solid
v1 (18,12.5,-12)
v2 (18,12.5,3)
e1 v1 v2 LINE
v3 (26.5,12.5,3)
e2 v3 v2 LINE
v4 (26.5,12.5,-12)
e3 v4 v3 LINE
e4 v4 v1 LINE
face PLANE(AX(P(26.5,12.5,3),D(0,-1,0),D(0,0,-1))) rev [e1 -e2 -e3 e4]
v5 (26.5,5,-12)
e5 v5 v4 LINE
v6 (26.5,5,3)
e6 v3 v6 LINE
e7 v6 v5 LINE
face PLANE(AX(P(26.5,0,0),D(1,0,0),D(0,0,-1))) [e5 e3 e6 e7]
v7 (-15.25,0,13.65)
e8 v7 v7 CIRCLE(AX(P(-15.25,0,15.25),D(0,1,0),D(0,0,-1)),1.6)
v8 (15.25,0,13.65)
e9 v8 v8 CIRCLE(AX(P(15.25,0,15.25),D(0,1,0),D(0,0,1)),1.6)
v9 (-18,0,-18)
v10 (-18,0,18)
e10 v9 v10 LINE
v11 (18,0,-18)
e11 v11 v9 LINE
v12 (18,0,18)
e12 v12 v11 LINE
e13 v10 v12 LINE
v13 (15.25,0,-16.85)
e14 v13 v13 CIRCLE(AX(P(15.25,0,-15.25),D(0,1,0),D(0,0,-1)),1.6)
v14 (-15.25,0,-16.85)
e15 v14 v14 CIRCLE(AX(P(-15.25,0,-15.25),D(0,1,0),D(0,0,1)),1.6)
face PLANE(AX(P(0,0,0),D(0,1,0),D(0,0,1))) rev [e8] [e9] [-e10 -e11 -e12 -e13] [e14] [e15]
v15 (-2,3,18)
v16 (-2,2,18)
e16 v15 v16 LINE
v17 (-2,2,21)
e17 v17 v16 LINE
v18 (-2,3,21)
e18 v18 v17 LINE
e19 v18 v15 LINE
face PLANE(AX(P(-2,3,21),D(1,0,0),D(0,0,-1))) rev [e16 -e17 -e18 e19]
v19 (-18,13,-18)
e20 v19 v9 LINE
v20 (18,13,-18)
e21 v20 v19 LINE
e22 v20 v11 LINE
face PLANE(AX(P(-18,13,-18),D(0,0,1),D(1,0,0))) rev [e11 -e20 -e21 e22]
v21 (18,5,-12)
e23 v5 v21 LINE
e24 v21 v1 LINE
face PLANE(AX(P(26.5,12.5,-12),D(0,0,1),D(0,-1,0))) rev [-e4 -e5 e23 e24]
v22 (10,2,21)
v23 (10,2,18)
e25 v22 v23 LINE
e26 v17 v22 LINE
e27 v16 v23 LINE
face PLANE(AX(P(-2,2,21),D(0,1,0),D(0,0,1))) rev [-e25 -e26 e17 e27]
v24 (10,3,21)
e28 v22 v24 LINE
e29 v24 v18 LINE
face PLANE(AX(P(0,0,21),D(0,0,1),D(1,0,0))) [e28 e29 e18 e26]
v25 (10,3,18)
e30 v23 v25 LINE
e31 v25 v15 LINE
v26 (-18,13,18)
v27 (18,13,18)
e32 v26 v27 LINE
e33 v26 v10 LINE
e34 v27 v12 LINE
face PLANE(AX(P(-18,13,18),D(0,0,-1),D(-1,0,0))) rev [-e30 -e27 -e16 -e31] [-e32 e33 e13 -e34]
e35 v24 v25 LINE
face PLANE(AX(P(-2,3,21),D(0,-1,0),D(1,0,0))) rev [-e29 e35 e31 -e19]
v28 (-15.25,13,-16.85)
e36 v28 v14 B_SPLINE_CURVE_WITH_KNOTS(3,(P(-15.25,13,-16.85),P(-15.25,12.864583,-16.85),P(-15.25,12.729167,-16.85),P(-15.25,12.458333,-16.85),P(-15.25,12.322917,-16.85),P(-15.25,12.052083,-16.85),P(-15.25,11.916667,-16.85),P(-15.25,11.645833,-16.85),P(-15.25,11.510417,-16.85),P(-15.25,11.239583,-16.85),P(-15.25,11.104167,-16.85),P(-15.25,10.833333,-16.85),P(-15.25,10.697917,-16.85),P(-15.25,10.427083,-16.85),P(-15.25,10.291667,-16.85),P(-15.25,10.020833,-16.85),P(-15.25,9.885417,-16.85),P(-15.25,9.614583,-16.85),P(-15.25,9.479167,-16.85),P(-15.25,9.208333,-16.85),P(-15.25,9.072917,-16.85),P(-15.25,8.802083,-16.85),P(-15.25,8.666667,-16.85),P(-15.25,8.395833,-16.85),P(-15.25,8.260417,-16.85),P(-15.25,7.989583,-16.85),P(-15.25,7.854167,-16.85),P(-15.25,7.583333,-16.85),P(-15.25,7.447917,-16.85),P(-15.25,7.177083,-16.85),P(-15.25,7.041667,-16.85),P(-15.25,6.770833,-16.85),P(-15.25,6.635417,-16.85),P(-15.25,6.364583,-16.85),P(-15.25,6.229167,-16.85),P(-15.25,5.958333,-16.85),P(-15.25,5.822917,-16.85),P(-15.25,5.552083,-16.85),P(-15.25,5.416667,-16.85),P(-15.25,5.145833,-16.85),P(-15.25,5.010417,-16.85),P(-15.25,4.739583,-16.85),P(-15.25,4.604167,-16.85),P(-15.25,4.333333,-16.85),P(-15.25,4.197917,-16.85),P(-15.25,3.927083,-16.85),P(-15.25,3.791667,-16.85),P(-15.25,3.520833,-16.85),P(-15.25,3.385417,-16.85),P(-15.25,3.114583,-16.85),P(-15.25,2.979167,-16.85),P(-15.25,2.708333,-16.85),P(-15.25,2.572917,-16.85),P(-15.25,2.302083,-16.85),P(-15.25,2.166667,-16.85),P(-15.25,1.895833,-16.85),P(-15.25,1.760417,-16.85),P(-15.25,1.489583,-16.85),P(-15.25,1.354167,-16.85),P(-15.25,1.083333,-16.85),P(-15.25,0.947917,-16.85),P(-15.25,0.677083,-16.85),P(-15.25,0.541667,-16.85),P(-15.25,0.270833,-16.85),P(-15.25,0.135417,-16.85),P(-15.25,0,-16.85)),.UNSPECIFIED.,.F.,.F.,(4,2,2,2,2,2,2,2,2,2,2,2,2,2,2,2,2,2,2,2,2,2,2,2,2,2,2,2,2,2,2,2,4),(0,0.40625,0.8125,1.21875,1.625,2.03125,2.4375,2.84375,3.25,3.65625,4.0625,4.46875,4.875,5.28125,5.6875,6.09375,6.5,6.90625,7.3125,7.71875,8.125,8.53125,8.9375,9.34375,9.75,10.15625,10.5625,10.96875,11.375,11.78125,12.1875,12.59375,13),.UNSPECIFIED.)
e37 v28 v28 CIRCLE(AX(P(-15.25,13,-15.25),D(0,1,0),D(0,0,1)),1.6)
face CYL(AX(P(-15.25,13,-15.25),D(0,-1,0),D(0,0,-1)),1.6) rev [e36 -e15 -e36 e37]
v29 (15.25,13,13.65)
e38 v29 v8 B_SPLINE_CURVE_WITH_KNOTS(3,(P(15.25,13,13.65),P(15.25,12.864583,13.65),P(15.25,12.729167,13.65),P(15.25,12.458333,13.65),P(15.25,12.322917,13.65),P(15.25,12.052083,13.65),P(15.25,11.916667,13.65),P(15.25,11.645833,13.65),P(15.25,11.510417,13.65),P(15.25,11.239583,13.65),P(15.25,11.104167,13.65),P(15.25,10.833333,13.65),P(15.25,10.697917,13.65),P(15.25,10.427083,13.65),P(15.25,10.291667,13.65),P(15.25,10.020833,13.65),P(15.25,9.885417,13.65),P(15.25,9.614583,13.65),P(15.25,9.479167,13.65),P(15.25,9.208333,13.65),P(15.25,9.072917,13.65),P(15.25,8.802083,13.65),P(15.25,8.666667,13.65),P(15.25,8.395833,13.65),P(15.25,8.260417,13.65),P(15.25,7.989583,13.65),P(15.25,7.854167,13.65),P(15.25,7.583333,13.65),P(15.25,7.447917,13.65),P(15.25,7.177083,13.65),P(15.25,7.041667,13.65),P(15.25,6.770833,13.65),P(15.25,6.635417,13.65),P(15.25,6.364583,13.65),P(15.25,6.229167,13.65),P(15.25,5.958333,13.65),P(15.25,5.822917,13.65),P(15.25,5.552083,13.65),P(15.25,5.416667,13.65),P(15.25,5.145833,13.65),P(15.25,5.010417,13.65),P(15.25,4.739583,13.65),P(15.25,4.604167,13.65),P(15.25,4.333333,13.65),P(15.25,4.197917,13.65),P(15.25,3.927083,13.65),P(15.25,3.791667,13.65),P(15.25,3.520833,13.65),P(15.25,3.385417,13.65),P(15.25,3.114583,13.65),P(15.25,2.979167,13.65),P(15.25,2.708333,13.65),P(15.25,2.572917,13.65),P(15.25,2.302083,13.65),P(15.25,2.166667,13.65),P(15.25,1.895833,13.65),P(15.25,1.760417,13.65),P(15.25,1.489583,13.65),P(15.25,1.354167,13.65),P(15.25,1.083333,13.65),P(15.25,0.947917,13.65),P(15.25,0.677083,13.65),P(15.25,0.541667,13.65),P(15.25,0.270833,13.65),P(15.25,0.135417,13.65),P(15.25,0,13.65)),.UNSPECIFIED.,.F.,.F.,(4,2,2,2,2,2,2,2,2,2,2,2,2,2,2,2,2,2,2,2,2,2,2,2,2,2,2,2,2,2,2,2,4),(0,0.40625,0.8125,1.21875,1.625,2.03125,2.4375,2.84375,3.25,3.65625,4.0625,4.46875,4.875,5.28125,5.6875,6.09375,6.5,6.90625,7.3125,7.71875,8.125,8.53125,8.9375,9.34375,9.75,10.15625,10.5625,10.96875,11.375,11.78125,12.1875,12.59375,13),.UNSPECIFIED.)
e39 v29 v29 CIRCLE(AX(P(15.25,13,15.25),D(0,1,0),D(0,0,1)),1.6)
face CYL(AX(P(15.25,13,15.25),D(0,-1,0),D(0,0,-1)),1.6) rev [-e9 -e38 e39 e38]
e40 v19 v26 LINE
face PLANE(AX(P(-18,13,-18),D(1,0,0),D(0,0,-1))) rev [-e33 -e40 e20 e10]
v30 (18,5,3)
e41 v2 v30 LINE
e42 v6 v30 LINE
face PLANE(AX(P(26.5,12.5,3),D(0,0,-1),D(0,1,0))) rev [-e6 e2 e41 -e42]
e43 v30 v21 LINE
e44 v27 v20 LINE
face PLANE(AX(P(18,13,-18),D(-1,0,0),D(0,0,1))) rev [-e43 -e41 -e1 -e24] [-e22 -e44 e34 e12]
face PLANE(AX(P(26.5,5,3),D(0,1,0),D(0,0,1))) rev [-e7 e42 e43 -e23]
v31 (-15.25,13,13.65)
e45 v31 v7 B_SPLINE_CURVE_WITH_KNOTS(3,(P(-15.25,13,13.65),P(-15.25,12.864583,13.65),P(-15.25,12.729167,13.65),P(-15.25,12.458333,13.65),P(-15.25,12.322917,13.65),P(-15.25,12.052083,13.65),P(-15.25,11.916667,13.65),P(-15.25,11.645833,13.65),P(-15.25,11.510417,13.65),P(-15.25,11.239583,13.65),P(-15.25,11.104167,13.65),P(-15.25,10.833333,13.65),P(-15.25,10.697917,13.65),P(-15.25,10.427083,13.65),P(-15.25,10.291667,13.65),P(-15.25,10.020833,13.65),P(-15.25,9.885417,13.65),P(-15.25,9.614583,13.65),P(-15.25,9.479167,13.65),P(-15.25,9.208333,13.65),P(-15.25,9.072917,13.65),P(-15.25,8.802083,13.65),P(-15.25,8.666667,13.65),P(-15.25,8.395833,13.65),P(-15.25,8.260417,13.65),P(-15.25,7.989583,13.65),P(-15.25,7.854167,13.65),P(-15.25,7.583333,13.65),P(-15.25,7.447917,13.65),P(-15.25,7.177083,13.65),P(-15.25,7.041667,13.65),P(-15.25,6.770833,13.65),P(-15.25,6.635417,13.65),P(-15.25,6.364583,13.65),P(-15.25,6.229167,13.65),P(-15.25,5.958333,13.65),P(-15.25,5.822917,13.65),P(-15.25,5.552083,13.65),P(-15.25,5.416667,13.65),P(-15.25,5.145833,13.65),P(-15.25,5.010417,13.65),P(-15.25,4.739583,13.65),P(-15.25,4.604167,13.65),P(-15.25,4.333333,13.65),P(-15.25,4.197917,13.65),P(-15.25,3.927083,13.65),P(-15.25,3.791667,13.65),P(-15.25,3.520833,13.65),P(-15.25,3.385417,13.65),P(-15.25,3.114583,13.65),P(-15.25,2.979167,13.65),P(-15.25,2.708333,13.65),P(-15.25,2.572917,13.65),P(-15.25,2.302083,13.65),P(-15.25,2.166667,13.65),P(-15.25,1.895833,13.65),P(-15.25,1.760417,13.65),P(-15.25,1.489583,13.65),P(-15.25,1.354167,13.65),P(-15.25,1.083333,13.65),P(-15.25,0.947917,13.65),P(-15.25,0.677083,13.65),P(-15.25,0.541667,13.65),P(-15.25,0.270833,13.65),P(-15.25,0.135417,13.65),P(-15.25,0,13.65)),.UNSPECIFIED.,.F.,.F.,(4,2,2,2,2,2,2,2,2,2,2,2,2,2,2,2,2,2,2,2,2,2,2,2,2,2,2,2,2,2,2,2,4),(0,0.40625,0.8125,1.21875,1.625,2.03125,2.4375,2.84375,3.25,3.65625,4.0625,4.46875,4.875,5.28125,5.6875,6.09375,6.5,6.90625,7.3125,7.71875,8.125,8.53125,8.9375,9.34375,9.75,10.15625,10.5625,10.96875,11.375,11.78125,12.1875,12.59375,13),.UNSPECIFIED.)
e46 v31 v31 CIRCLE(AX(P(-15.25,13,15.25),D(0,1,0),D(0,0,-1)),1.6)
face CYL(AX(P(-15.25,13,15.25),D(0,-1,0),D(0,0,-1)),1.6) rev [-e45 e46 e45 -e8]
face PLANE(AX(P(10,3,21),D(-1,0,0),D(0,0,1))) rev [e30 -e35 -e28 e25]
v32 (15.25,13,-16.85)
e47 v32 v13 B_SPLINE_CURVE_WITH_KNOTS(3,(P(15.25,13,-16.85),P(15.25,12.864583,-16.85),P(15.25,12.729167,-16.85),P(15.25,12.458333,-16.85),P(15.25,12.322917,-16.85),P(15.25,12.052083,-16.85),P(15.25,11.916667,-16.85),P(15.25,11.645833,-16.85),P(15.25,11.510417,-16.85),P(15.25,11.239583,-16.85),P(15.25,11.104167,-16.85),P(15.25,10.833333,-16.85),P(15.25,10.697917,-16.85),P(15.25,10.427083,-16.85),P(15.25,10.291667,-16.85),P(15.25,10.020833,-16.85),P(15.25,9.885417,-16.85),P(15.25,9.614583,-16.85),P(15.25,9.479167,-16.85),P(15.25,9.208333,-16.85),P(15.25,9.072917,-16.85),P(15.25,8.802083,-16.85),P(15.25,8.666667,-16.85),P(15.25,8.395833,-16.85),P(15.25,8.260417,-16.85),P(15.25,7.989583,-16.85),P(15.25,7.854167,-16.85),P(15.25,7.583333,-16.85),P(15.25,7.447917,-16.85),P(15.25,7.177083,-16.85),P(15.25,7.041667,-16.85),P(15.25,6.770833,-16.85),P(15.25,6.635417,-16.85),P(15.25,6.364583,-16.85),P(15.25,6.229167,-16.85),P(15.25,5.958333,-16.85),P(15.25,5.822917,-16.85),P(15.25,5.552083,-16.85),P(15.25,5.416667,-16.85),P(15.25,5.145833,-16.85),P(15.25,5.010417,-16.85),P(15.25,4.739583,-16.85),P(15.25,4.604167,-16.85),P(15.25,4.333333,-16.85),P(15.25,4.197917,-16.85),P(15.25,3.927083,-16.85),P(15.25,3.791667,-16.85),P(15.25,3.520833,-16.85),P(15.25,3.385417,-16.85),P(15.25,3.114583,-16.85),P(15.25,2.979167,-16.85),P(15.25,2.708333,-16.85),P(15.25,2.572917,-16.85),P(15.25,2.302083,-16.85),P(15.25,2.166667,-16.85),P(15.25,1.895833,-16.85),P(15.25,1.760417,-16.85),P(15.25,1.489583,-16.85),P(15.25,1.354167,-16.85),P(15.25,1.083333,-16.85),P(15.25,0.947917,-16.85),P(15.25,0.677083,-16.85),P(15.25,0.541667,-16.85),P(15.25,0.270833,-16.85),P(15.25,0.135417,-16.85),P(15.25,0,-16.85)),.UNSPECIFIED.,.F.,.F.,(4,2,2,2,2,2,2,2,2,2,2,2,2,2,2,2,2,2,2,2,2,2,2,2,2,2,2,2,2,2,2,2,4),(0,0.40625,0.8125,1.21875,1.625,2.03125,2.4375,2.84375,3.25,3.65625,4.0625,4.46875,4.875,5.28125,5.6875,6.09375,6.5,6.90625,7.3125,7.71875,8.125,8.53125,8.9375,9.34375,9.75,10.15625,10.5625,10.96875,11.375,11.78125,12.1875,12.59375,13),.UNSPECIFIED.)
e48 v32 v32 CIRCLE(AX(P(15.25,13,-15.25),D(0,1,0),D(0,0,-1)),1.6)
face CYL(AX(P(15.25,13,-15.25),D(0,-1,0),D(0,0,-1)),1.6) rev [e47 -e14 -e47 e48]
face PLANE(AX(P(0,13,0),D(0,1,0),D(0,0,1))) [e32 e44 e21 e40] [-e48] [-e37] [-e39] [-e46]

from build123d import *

# Parameters (mm, degrees)
SKETCH1_W           = 36
SKETCH1_H           = 36
SKETCH1_R           = 1.6
BOSS_EXTRUDE1_DEPTH = 13
SKETCH2_W           = 15
SKETCH2_H           = 7.5
BOSS_EXTRUDE2_DEPTH = 8.5
SKETCH3_W           = 12
SKETCH3_H           = 1
BOSS_EXTRUDE3_DEPTH = 3


with BuildPart() as part:
    # Sketch1 → Boss-Extrude1 (new body)
    with BuildSketch(Plane(origin=(0, 0, 0), x_dir=(1, 0, 0), z_dir=(0, 1, 0))):
        Rectangle(SKETCH1_W, SKETCH1_H)
        with Locations(Location((-15.25, 15.25, 0), (0, 0, 90))):
            Circle(SKETCH1_R, mode=Mode.SUBTRACT)
        with Locations(Location((15.25, 15.25, 0), (0, 0, 90))):
            Circle(SKETCH1_R, mode=Mode.SUBTRACT)
        with Locations(Location((15.25, -15.25, 0), (0, 0, 90))):
            Circle(SKETCH1_R, mode=Mode.SUBTRACT)
        with Locations(Location((-15.25, -15.25, 0), (0, 0, 90))):
            Circle(SKETCH1_R, mode=Mode.SUBTRACT)
    extrude(amount=BOSS_EXTRUDE1_DEPTH)

    # Sketch2 → Boss-Extrude2 (add)
    with BuildSketch(Plane(origin=(18, 0, 0), x_dir=(0, 0, -1), z_dir=(1, 0, 0))):
        with Locations((4.5, 8.75)):
            Rectangle(SKETCH2_W, SKETCH2_H)
    extrude(amount=BOSS_EXTRUDE2_DEPTH)

    # Sketch3 → Boss-Extrude3 (add)
    with BuildSketch(Plane.XY.offset(18)):
        with Locations((4, 2.5)):
            Rectangle(SKETCH3_W, SKETCH3_H)
    extrude(amount=BOSS_EXTRUDE3_DEPTH)


solid = part.part
